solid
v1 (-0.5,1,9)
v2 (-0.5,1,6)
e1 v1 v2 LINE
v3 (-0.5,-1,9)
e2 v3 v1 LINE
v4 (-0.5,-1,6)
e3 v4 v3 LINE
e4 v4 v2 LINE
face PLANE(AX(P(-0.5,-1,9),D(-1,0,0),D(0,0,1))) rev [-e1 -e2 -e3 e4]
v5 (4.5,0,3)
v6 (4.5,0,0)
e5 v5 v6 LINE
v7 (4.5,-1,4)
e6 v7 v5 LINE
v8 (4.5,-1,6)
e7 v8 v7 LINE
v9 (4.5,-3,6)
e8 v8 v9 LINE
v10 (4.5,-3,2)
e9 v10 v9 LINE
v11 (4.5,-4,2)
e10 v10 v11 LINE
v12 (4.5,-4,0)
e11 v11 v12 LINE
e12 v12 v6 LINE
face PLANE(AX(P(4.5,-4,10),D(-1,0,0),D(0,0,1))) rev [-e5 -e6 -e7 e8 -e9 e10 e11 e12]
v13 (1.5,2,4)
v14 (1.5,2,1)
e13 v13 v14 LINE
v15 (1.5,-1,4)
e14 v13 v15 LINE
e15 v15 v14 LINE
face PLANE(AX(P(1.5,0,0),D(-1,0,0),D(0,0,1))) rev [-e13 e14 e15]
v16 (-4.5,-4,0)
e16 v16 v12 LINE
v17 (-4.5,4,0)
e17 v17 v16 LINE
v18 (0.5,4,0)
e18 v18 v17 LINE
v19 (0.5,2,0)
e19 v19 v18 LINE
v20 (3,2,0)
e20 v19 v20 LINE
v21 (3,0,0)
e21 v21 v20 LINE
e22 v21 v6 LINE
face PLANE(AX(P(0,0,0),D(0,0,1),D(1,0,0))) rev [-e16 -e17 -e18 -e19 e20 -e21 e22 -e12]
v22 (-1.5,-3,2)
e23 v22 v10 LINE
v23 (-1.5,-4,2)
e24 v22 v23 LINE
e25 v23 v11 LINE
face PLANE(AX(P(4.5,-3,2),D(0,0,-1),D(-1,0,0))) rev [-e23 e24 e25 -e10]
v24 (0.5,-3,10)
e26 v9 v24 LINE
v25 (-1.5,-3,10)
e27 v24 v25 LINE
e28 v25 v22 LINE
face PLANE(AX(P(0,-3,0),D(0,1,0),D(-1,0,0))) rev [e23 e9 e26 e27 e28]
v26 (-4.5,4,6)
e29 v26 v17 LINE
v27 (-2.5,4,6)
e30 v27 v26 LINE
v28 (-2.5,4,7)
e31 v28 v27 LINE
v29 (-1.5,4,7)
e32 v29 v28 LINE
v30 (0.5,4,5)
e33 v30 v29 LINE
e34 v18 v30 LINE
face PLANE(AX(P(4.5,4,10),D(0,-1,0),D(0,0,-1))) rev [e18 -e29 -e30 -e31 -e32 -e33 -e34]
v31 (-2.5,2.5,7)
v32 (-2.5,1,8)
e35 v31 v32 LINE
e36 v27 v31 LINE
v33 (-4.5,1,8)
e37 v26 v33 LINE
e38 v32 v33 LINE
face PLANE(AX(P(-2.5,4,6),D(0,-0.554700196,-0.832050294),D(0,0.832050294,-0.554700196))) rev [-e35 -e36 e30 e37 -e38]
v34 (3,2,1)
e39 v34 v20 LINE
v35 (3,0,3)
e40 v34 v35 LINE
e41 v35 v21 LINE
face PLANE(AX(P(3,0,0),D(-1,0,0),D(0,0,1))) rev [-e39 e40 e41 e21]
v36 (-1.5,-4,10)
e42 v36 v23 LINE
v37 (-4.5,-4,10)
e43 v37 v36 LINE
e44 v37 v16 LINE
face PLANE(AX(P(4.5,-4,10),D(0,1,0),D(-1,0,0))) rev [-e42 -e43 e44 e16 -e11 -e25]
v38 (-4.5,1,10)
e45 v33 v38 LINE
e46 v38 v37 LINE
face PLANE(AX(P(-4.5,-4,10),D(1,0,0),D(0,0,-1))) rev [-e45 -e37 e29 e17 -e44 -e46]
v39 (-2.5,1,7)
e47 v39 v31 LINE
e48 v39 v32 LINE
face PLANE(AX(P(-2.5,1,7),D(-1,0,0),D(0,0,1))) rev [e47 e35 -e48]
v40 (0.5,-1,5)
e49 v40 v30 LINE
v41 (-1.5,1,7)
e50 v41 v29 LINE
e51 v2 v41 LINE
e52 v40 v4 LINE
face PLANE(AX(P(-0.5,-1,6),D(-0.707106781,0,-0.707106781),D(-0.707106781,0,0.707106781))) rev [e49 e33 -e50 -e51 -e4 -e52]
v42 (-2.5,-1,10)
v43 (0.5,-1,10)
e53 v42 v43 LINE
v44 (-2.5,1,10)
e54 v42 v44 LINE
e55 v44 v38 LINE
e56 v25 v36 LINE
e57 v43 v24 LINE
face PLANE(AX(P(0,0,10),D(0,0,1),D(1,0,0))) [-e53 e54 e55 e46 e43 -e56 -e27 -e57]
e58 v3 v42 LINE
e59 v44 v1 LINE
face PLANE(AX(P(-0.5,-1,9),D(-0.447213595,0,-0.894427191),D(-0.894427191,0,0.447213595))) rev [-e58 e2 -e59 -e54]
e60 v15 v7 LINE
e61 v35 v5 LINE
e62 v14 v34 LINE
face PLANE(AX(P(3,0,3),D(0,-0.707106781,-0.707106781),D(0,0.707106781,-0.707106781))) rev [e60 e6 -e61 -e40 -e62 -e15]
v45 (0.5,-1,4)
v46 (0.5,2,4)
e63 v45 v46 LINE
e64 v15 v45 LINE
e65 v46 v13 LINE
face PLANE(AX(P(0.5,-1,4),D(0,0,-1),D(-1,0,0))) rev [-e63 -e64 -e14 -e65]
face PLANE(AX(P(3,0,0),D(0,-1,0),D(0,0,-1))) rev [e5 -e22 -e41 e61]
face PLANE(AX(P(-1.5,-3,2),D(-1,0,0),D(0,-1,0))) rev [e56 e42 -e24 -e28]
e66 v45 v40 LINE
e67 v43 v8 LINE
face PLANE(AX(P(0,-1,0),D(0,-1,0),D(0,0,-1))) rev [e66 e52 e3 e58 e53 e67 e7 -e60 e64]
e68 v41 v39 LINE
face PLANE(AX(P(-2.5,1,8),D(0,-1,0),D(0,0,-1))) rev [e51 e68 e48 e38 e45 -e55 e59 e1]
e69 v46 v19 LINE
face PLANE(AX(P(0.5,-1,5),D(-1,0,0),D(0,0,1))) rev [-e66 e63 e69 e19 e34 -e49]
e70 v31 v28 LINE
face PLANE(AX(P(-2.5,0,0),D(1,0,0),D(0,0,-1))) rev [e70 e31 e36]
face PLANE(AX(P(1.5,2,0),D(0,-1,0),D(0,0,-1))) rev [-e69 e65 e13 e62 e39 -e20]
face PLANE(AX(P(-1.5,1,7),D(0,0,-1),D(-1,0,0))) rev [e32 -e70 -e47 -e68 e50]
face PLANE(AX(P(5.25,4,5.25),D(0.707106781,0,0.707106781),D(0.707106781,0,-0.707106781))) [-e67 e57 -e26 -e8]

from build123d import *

# Parameters (mm, degrees)
SKETCH1_W           = 9
SKETCH1_H           = 8
BOSS_EXTRUDE1_DEPTH = 10
CUT_EXTRUDE1_DEPTH  = 1.5
CUT_EXTRUDE2_DEPTH  = 1.5
SKETCH6_W           = 6
SKETCH6_H           = 8
CUT_EXTRUDE3_DEPTH  = 1
CUT_EXTRUDE4_DEPTH  = 8
CUT_EXTRUDE5_DEPTH  = 5
CUT_EXTRUDE6_DEPTH  = 1
CUT_EXTRUDE9_DEPTH  = 2
CUT_EXTRUDE10_DEPTH = 3


with BuildPart() as part:
    # Sketch1 → Boss-Extrude1 (new body)
    with BuildSketch(Plane.XY):
        Rectangle(SKETCH1_W, SKETCH1_H)
    extrude(amount=BOSS_EXTRUDE1_DEPTH)

    # Sketch3 → Cut-Extrude1 (cut)
    with BuildSketch(Plane(origin=(4.5, 0, 0), x_dir=(0, 0, -1), z_dir=(1, 0, 0))):
        Polygon((0, 4), (0, 0), (-3, 0), (-4, -1), (-4, 4), align=None)
    extrude(amount=-CUT_EXTRUDE1_DEPTH, mode=Mode.SUBTRACT)

    # Sketch4 → Cut-Extrude2 (cut)
    with BuildSketch(Plane(origin=(3, 0, 0), x_dir=(0, 0, -1), z_dir=(1, 0, 0))):
        Polygon((0, 4), (0, 2), (-1, 2), (-4, -1), (-4, 4), align=None)
    extrude(amount=-CUT_EXTRUDE2_DEPTH, mode=Mode.SUBTRACT)

    # Sketch6 → Cut-Extrude3 (cut)
    with BuildSketch(Plane.XZ.offset(4)):
        with Locations((1.5, 6)):
            Rectangle(SKETCH6_W, SKETCH6_H)
    extrude(amount=-CUT_EXTRUDE3_DEPTH, mode=Mode.SUBTRACT)

    # Sketch7 → Cut-Extrude4 (cut, through all)
    with BuildSketch(Plane(origin=(0, -3, 0), x_dir=(-1, 0, 0), z_dir=(0, -1, 0))):
        Polygon((-0.5, -10), (-4.5, -6), (-4.5, -10), align=None)
    extrude(amount=-CUT_EXTRUDE4_DEPTH, mode=Mode.SUBTRACT)

    # Sketch8 → Cut-Extrude5 (cut)
    with BuildSketch(Plane(origin=(0, 4, 0), x_dir=(1, 0, 0), z_dir=(0, 1, 0))):
        Polygon((4.5, -4), (4.5, -6), (0.5, -10), (-2.5, -10), (-0.5, -9), (-0.5, -6), (0.5, -5), (0.5, -4), (1.5, -4), align=None)
    extrude(amount=-CUT_EXTRUDE5_DEPTH, mode=Mode.SUBTRACT)

    # Sketch9 → Cut-Extrude6 (cut)
    with BuildSketch(Plane(origin=(1.5, 0, 0), x_dir=(0, 0, -1), z_dir=(1, 0, 0))):
        Polygon((-1, 2), (-4, 2), (-4, 4), (0, 4), (0, 2), align=None)
    extrude(amount=-CUT_EXTRUDE6_DEPTH, mode=Mode.SUBTRACT)

    # Sketch10 → Cut-Extrude9 (cut)
    with BuildSketch(Plane.ZY.offset(4.5)):
        Polygon((6, 4), (8, 1), (10, 1), (10, 4), align=None)
    extrude(amount=-CUT_EXTRUDE9_DEPTH, mode=Mode.SUBTRACT)

    # Sketch12 → Cut-Extrude10 (cut)
    with BuildSketch(Plane(origin=(0, 4, 0), x_dir=(1, 0, 0), z_dir=(0, 1, 0))):
        Polygon((0.5, -5), (-1.5, -7), (-2.5, -7), (-2.5, -10), (0.5, -8.5), align=None)
    extrude(amount=-CUT_EXTRUDE10_DEPTH, mode=Mode.SUBTRACT)


solid = part.part
